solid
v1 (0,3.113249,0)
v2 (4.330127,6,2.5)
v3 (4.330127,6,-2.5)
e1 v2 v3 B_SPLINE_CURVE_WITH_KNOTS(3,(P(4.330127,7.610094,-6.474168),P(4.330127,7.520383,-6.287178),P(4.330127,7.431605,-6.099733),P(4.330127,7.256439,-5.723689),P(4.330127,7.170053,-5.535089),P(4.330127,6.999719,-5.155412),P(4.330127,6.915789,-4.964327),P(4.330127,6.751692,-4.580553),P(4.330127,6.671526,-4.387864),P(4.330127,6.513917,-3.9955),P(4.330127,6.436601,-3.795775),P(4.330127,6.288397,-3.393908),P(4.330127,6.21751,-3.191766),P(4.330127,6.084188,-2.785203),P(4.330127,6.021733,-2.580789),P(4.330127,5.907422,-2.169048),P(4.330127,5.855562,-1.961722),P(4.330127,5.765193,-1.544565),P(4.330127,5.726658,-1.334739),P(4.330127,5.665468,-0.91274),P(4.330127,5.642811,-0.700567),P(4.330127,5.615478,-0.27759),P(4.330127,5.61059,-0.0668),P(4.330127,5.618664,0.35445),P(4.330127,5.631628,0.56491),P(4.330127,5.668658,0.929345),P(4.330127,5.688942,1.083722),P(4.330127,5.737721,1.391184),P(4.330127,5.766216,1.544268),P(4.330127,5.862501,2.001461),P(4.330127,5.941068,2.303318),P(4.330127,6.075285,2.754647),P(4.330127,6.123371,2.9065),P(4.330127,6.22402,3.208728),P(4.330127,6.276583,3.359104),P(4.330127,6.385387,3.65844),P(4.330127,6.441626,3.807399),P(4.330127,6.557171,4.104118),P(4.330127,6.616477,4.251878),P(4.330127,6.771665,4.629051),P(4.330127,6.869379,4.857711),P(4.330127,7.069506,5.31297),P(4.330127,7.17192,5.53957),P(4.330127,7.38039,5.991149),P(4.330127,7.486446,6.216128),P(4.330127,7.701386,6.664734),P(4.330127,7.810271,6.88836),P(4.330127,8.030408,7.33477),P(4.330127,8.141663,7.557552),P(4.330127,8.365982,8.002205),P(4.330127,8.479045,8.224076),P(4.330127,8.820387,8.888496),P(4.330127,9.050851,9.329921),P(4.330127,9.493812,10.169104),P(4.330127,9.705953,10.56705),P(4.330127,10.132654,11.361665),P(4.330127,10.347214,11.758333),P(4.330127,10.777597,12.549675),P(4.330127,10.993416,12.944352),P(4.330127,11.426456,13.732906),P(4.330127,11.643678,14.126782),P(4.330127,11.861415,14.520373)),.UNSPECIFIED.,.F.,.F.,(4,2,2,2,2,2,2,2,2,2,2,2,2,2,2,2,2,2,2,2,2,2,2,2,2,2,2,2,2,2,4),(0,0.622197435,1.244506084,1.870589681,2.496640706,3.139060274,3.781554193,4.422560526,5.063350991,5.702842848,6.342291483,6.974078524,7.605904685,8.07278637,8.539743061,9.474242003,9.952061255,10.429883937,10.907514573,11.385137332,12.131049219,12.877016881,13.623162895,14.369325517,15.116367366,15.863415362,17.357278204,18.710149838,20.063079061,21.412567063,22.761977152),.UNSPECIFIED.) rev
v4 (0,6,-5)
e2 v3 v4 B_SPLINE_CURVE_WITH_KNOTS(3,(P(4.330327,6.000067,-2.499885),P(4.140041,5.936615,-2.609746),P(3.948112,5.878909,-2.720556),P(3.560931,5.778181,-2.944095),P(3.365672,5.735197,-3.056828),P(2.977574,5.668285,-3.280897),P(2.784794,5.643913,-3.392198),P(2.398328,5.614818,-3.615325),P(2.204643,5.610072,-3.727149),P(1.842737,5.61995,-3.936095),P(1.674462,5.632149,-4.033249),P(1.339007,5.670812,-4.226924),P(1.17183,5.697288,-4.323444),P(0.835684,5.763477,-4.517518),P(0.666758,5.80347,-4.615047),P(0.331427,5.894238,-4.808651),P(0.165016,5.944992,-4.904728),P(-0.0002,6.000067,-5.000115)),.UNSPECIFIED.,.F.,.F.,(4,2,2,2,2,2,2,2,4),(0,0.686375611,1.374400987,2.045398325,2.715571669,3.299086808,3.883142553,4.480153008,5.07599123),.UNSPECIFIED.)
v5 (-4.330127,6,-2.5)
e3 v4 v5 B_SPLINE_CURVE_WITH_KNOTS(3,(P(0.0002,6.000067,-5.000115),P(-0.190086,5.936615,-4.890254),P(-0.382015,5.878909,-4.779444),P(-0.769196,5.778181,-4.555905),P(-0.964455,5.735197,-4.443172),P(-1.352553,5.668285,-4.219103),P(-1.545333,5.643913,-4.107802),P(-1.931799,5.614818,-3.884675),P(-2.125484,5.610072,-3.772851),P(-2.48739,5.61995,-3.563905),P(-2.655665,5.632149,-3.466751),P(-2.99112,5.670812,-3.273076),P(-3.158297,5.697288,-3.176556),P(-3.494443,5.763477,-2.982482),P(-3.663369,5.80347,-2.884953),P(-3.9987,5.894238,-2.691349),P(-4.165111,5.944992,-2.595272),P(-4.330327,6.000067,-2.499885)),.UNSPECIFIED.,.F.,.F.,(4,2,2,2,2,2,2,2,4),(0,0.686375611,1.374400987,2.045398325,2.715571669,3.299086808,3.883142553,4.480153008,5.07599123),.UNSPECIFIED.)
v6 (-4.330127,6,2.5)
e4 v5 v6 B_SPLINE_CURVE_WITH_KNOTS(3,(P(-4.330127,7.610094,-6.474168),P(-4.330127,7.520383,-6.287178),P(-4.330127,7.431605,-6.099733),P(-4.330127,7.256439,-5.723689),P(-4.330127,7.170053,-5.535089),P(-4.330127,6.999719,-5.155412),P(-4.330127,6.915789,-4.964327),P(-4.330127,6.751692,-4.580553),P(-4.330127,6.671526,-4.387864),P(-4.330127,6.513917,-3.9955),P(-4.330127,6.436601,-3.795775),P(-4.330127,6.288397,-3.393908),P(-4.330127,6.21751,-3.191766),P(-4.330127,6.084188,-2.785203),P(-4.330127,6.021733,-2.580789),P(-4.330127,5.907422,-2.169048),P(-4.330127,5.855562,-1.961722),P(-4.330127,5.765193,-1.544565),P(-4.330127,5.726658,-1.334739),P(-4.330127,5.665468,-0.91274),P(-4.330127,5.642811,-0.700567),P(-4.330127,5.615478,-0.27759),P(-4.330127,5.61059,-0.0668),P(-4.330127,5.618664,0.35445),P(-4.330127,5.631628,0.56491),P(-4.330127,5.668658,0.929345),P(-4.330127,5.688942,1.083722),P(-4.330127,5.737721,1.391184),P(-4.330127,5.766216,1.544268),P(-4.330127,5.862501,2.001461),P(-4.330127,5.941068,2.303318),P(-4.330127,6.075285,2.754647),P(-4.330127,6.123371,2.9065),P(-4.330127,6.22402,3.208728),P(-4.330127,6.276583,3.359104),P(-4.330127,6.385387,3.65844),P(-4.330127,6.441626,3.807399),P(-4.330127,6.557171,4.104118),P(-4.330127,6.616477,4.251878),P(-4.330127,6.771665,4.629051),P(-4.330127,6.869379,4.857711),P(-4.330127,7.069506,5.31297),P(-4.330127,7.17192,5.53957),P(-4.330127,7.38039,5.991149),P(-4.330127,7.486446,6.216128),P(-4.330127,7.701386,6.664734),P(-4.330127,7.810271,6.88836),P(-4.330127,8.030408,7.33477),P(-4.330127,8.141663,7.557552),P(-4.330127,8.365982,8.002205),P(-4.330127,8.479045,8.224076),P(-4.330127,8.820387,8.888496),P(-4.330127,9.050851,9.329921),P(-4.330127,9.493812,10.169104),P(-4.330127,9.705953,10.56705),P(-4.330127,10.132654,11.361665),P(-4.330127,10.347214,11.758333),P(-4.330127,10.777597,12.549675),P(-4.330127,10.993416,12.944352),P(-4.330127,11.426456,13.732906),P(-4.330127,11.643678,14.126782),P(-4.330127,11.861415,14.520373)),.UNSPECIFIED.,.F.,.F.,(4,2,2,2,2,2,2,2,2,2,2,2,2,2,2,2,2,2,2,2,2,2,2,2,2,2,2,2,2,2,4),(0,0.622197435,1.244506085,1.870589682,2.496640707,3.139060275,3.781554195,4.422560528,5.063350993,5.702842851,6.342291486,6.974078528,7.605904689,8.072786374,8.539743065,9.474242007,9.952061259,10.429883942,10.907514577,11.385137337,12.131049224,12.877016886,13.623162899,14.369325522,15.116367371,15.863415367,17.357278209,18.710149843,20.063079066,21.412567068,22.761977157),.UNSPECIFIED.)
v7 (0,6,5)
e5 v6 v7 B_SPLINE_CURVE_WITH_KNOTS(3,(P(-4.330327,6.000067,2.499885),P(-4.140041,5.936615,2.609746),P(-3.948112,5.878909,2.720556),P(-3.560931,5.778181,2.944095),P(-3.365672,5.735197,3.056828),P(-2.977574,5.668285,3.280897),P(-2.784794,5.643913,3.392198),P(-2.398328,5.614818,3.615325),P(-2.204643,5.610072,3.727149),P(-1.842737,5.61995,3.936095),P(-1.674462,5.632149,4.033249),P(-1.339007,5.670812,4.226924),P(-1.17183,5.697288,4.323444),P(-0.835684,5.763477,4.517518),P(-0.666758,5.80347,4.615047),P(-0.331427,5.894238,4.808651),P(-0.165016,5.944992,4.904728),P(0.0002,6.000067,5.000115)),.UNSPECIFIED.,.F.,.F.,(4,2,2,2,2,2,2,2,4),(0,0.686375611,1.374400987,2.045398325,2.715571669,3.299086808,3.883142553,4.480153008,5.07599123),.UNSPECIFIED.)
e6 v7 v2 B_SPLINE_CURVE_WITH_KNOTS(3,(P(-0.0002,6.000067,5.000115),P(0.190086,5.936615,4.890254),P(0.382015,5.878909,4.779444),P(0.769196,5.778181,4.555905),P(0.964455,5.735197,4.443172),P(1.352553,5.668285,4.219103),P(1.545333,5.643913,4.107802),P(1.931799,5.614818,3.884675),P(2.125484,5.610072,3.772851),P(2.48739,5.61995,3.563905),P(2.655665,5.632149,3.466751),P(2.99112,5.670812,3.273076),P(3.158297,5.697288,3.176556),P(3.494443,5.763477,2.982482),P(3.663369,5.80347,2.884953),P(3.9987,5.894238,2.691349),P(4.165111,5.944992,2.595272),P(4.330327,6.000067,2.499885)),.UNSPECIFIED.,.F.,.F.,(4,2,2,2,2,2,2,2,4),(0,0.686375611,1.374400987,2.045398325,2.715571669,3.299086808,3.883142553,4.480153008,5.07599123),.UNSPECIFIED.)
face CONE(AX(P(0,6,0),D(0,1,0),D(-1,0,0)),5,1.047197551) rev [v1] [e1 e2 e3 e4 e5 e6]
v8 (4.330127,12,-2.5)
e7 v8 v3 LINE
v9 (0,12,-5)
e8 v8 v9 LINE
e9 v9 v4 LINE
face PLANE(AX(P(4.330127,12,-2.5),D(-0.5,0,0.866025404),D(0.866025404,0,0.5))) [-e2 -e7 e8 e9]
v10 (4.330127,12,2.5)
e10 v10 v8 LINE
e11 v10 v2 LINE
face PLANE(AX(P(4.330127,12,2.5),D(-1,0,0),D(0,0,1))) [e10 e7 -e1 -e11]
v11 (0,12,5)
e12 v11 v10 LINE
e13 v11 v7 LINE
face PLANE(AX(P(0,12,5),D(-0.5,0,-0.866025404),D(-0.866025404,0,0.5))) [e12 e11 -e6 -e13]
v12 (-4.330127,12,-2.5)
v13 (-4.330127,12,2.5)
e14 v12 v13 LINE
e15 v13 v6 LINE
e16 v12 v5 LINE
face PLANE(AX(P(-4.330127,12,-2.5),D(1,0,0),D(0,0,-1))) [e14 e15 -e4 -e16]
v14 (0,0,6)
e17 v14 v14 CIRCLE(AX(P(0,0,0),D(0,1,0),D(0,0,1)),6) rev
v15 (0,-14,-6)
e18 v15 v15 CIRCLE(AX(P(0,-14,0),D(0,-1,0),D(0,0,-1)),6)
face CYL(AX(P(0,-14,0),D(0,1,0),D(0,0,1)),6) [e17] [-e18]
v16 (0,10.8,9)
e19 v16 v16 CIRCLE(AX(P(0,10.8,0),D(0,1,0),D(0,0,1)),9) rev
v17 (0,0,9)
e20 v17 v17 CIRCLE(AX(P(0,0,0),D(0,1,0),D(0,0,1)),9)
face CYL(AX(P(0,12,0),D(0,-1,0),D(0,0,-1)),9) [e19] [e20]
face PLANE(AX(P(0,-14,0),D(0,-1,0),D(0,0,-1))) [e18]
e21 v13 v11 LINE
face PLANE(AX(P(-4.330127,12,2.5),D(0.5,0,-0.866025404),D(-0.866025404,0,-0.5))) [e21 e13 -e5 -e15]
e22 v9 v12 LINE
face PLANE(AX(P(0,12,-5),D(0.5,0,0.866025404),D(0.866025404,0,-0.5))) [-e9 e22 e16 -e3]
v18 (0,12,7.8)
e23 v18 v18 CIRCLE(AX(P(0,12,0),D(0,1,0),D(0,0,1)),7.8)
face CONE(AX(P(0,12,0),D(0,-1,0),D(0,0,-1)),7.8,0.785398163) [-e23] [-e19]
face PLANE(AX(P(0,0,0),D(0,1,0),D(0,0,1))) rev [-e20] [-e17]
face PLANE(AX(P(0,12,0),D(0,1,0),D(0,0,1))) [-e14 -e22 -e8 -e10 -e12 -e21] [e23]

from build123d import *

# Parameters (mm, degrees)
CROQUIS4_R              = 9
SALIENTE_EXTRUIR3_DEPTH = 12
CHAFL_N2_SIZE           = 1.2
CROQUIS6_7_R            = 6
SALIENTE_EXTRUIR9_DEPTH = 14


with BuildPart() as part:
    # Croquis4 → Saliente-Extruir3 (new body)
    with BuildSketch(Plane(origin=(0, 0, 0), x_dir=(1, 0, 0), z_dir=(0, 1, 0))):
        Circle(CROQUIS4_R)
        Polygon((0, 5), (-4.330127019, 2.5), (-4.330127019, -2.5), (0, -5), (4.330127019, -2.5), (4.330127019, 2.5), align=None, mode=Mode.SUBTRACT)
    extrude(amount=SALIENTE_EXTRUIR3_DEPTH)

    # Chaflán2
    chafl_n2_edges = [part.edges().sort_by_distance(p)[0] for p in [
        (-9, 12, 0),
    ]]
    chamfer(chafl_n2_edges, length=CHAFL_N2_SIZE)

    # Croquis5 → Revolución2 (revolve)
    with BuildSketch(Plane.XY):
        Polygon((0, 0), (0, 3.113248654), (5, 6), (9, 6), (9, 0), align=None)
    revolve(axis=Axis((0, 0, 0), (0, 1, 0)))

    # Croquis6<7> → Saliente-Extruir9 (add)
    with BuildSketch(Plane.XZ):
        Circle(CROQUIS6_7_R)
    extrude(amount=SALIENTE_EXTRUIR9_DEPTH)


solid = part.part
